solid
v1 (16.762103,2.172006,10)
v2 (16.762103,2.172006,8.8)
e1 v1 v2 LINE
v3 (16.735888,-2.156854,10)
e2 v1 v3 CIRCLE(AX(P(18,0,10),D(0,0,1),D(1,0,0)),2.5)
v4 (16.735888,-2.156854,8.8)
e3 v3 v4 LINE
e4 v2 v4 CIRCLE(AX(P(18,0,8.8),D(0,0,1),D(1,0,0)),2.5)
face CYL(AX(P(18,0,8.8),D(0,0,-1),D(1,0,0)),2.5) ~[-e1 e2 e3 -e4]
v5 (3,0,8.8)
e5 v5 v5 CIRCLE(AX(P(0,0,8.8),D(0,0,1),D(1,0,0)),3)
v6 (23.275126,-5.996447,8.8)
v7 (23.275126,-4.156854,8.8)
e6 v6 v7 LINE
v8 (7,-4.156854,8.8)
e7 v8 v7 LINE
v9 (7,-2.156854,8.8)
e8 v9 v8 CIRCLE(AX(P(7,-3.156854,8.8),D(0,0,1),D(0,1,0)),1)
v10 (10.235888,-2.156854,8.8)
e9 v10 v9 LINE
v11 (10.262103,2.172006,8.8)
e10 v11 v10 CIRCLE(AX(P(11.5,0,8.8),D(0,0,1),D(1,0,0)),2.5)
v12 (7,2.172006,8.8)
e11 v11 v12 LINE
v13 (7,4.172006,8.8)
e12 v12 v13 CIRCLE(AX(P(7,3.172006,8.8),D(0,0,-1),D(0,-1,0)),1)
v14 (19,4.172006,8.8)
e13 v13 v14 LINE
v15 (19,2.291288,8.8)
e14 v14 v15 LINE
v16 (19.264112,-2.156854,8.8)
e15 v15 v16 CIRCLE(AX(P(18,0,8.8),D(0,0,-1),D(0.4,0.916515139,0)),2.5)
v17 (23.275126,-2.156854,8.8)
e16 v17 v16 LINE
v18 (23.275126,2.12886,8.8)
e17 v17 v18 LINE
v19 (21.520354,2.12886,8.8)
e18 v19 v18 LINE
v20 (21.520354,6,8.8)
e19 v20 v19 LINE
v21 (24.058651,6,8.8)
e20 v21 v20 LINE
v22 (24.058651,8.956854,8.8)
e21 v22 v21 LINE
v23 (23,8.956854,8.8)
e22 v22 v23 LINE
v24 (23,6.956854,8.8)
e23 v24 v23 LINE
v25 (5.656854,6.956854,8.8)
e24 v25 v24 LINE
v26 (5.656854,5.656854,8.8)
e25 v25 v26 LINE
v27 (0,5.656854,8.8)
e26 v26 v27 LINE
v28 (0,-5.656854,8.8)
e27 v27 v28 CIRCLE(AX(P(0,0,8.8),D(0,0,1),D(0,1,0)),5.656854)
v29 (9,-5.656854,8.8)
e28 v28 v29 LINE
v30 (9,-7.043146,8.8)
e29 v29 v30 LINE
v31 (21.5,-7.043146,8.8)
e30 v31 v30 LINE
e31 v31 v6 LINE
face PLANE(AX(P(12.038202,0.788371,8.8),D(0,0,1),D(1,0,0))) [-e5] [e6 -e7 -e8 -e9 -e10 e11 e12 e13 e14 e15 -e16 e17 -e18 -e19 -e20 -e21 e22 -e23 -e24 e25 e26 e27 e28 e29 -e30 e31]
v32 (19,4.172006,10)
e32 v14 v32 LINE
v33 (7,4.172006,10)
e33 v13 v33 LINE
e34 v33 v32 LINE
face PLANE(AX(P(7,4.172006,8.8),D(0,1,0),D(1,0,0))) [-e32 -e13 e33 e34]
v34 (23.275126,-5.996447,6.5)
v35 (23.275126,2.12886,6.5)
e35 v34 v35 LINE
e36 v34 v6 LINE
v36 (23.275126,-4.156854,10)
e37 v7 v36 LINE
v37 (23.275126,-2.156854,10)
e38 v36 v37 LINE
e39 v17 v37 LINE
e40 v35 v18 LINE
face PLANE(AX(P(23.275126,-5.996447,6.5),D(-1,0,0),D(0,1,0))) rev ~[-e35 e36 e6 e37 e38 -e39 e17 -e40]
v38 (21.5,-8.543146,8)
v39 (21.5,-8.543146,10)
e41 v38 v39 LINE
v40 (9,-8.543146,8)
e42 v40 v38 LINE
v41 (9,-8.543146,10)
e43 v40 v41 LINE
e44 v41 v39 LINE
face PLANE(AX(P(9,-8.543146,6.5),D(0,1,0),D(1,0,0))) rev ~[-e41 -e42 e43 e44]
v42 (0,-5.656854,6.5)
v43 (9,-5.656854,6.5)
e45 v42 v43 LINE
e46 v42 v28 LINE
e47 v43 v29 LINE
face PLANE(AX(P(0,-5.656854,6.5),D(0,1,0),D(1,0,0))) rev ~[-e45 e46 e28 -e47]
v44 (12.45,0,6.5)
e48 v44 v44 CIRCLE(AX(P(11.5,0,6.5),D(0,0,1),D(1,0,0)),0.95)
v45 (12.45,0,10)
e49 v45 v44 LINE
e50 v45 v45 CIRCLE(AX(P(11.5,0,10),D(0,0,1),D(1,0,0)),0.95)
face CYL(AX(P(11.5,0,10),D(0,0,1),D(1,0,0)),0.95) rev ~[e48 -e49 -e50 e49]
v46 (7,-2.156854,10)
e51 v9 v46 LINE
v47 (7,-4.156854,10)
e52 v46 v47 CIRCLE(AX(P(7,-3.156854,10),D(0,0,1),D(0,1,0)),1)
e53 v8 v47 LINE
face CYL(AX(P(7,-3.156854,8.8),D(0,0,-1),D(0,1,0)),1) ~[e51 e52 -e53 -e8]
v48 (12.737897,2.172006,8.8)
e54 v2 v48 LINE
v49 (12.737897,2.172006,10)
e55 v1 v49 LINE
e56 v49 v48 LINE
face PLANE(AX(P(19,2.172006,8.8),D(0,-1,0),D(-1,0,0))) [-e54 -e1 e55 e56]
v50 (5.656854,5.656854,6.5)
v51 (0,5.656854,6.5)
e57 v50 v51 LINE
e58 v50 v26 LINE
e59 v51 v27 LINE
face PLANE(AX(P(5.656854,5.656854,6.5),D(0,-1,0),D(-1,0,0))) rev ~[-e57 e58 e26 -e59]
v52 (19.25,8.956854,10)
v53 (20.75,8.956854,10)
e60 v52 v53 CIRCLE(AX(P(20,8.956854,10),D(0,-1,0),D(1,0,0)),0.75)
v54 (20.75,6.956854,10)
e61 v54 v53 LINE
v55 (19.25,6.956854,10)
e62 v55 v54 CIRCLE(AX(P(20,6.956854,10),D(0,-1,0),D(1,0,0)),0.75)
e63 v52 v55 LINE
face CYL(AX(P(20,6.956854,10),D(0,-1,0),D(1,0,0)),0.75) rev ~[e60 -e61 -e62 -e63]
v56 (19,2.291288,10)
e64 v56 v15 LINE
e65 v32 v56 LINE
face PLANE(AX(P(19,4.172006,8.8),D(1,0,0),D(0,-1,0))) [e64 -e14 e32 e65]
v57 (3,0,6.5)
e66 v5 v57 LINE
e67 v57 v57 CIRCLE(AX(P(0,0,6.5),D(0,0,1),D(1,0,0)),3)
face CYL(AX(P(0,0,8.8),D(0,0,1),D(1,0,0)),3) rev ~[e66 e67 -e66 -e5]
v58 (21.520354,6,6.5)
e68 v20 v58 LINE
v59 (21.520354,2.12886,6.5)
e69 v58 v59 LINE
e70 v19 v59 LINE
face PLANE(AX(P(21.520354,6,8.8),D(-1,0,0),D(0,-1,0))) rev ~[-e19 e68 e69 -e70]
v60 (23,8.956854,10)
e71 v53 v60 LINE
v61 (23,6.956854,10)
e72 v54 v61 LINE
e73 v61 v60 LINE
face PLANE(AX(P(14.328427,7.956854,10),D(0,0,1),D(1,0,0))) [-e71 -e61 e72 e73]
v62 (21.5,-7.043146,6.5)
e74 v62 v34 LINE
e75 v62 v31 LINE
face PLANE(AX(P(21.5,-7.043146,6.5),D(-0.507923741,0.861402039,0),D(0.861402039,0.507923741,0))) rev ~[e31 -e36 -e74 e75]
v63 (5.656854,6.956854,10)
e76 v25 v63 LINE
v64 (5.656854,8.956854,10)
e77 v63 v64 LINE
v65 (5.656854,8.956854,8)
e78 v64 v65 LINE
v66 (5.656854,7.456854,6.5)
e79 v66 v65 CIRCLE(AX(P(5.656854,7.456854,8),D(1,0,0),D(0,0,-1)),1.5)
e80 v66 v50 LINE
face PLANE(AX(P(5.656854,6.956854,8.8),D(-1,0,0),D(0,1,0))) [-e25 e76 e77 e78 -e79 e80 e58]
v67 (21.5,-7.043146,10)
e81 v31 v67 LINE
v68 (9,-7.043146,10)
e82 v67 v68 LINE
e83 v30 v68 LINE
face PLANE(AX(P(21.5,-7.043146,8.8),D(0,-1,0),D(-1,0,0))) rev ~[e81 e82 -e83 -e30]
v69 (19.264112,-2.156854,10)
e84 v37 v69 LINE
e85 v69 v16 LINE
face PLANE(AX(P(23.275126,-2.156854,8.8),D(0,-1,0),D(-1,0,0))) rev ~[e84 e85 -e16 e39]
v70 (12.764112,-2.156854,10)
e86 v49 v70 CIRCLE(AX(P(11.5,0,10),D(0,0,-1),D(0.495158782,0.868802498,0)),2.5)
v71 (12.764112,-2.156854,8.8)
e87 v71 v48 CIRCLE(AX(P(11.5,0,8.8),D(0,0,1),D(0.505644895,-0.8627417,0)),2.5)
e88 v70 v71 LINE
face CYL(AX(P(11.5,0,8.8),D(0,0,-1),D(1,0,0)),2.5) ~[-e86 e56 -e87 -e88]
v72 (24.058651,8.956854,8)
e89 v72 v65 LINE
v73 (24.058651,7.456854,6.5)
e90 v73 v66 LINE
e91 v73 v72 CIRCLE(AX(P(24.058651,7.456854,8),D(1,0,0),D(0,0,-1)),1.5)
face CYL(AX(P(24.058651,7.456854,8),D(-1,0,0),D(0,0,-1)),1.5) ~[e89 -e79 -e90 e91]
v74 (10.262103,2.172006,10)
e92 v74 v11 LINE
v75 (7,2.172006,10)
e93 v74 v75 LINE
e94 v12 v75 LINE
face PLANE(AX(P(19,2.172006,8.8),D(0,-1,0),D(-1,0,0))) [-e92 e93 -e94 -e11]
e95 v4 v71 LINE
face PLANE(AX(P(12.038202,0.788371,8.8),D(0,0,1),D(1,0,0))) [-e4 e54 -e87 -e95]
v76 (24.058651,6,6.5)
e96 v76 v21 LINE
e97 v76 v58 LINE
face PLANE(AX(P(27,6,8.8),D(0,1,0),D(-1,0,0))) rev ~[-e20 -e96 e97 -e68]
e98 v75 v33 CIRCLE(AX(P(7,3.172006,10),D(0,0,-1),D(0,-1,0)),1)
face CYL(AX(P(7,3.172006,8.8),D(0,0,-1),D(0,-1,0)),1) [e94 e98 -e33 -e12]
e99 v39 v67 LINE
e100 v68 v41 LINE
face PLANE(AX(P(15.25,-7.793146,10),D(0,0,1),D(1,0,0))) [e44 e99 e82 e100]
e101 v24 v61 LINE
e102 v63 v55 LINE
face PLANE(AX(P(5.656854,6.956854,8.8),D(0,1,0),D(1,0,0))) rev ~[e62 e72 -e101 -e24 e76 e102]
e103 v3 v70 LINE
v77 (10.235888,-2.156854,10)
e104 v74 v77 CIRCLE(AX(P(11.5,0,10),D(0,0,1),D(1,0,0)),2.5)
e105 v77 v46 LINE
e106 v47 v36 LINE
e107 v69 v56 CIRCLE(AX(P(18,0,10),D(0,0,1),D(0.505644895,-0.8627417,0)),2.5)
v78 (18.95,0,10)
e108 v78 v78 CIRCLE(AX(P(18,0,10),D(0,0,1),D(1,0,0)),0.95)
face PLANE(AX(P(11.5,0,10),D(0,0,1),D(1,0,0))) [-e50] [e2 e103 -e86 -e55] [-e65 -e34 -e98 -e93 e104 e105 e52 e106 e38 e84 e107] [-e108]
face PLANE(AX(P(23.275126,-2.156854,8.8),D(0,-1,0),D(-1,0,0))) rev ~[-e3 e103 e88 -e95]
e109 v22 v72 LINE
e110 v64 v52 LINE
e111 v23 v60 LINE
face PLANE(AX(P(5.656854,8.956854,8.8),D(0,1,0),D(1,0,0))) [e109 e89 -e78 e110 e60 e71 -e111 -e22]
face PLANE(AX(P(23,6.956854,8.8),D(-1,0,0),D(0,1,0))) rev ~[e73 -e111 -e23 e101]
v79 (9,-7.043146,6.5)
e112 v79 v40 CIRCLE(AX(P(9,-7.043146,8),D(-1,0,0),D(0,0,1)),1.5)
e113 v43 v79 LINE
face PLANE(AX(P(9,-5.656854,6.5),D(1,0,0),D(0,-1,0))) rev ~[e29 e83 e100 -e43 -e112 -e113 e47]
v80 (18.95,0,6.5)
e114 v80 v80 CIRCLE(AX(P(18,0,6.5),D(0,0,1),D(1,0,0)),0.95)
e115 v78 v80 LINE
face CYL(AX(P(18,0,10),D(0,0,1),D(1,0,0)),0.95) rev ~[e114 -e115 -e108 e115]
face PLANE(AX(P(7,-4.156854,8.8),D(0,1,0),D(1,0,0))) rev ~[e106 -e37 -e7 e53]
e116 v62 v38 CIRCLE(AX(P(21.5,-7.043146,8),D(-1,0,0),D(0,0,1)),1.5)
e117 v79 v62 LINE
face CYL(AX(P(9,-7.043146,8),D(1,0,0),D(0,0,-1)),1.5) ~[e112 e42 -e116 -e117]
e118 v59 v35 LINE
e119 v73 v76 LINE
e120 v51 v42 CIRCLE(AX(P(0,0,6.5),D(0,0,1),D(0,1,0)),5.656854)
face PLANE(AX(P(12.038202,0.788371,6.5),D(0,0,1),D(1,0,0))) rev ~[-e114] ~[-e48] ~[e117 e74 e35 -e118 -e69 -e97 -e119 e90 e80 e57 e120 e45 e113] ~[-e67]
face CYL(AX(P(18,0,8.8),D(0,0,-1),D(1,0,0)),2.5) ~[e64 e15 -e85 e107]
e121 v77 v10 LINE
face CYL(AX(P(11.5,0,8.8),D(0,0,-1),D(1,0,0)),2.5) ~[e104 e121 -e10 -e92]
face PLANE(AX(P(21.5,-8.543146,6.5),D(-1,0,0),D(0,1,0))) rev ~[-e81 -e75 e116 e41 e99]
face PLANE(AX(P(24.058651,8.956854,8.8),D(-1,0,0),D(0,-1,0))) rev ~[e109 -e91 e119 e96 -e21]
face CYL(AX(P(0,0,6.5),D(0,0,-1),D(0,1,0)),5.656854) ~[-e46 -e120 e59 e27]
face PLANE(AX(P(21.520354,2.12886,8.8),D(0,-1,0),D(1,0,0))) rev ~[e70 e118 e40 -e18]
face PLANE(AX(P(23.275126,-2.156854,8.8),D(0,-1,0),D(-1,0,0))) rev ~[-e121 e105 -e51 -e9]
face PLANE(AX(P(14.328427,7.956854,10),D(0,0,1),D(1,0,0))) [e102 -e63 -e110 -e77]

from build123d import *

# Parameters (mm, degrees)
BOSS_EXTRUDE1_DEPTH  = 2
BOSS_EXTRUDE6_DEPTH  = 4.5
CUT_EXTRUDE6_DEPTH   = 4.5
BOSS_EXTRUDE14_DEPTH = 2.3
SKETCH32_R           = 3
CUT_EXTRUDE7_DEPTH   = 2.3
SKETCH33_W           = 17.343145750507624
SKETCH33_H           = 2
BOSS_EXTRUDE15_DEPTH = 1.2
CUT_EXTRUDE8_DEPTH   = 2.4
CUT_EXTRUDE9_DEPTH   = 4.3999999999999995
SKETCH37_R           = 3.899999999999994
BOSS_EXTRUDE16_DEPTH = 4.4
CUT_EXTRUDE10_DEPTH  = 39.60291748102272
SKETCH43_R           = 2.5000000000000004
SKETCH43_R_2         = 2.4999999999999982
BOSS_EXTRUDE17_DEPTH = 1.2
SKETCH44_R           = 0.9499999999999992
SKETCH44_R_2         = 0.9500000000000008
CUT_EXTRUDE11_DEPTH  = 40.360198653546576
SKETCH45_R           = 1.9999999999999996
SKETCH45_R_2         = 2.000000000000003
CUT_EXTRUDE12_DEPTH  = 4.5
SKETCH49_R           = 0.7500000000000021
CUT_EXTRUDE13_DEPTH  = 3
CUT_EXTRUDE14_DEPTH  = 6.8
FILLET1_R            = 1.5
FILLET3_R            = 1


with BuildPart() as part:
    # Sketch3 → Boss-Extrude1 (new body)
    with BuildSketch(Plane.XY):
        with BuildLine():
            Line((8.000000000000002, 0), (8.999999999999993, -2.5431457505076343))
            Line((8.999999999999993, -2.5431457505076343), (8.999999999999993, -7.04314575050762))
            Line((8.999999999999993, -7.04314575050762), (21.50000000000003, -7.043145750507617))
            Line((21.50000000000003, -7.043145750507617), (25.05025253169419, -4.949747468305846))
            ThreePointArc((25.05025253169419, -4.949747468305846), (36.46715672757901, -2.678784026555599), (30, 7.000000000000014))
            Line((30, 7.000000000000014), (26.999999999999996, 7.456854249492377))
            Line((26.999999999999996, 7.456854249492377), (5.656854249492369, 7.456854249492377))
            Line((5.656854249492369, 7.456854249492377), (5.656854249492376, 5.656854249492382))
            ThreePointArc((5.656854249492376, 5.656854249492382), (7.391036260090296, 3.061467458920721), (8.000000000000002, 0))
        make_face()
    extrude(amount=BOSS_EXTRUDE1_DEPTH)

    # Sketch22 → Boss-Extrude6 (add)
    with BuildSketch(Plane.XY.offset(2)):
        with BuildLine():
            Line((5.656854249492376, 7.456854249492377), (21.50000000000004, 7.456854249492377))
            Line((21.50000000000004, 7.456854249492377), (26.999999999999996, 7.456854249492377))
            Line((26.999999999999996, 7.456854249492377), (26.999999999999996, 2.1288604946885763))
            Line((26.999999999999996, 2.1288604946885763), (23.27512626584711, 2.128860494688576))
            Line((23.27512626584711, 2.128860494688576), (23.27512626584711, -5.996446609406731))
            Line((23.27512626584711, -5.996446609406731), (21.50000000000003, -7.043145750507617))
            Line((21.50000000000003, -7.043145750507617), (8.999999999999993, -7.04314575050762))
            Line((8.999999999999993, -7.04314575050762), (8.999999999999993, -2.5431457505076343))
            Line((8.999999999999993, -2.5431457505076343), (7.999999999999998, 0))
            ThreePointArc((7.999999999999998, 0), (7.391036260090291, 3.061467458920719), (5.656854249492376, 5.656854249492382))
            Line((5.656854249492376, 5.656854249492382), (5.656854249492376, 7.456854249492377))
        make_face()
    extrude(amount=BOSS_EXTRUDE6_DEPTH)

    # Sketch26 → Cut-Extrude6 (cut)
    with BuildSketch(Plane.XY.offset(2)):
        Polygon((18.098080447707712, 5.299999999999999), (2.5300524575164793, 5.299999999999999), (2.5300524575164793, 4), (18.098080447707712, 4), (26.999999999999996, 4), (26.999999999999996, 5.299999999999999), align=None)
    extrude(amount=CUT_EXTRUDE6_DEPTH, mode=Mode.SUBTRACT)


with BuildPart() as body_2:
    # Sketch31 → Boss-Extrude14 (new body)
    with BuildSketch(Plane.XY.offset(6.5)):
        with BuildLine():
            Line((2.4326880657739025, 5.656854249492382), (0, 5.656854249492382))
            ThreePointArc((0, 5.656854249492382), (-5.656854249492382, 6.9e-16), (0, -5.656854249492382))
            Line((0, -5.656854249492382), (9.000000000000004, -5.656854249492382))
            Line((9.000000000000004, -5.656854249492382), (8.999999999999993, -7.04314575050762))
            Line((8.999999999999993, -7.04314575050762), (8.999999999999993, -8.54314575050762))
            Line((8.999999999999993, -8.54314575050762), (21.50000000000003, -8.54314575050762))
            Line((21.50000000000003, -8.54314575050762), (21.50000000000003, -7.043145750507617))
            Line((21.50000000000003, -7.043145750507617), (23.27512626584711, -5.996446609406731))
            Line((23.27512626584711, -5.996446609406731), (23.27512626584711, 2.128860494688576))
            Line((23.27512626584711, 2.128860494688576), (26.999999999999996, 2.1288604946885763))
            Line((26.999999999999996, 2.1288604946885763), (26.999999999999996, 7.456854249492377))
            Line((26.999999999999996, 7.456854249492377), (26.999999999999996, 8.956854249492377))
            Line((26.999999999999996, 8.956854249492377), (5.656854249492376, 8.956854249492377))
            Line((5.656854249492376, 8.956854249492377), (5.656854249492376, 7.456854249492377))
            Line((5.656854249492376, 7.456854249492377), (5.656854249492376, 5.656854249492382))
            Line((5.656854249492376, 5.656854249492382), (2.4326880657739025, 5.656854249492382))
        make_face()
    extrude(amount=BOSS_EXTRUDE14_DEPTH)

    # Sketch32 → Cut-Extrude7 (cut)
    with BuildSketch(Plane.XY.offset(8.799999999999999)):
        Circle(SKETCH32_R)
    extrude(amount=-CUT_EXTRUDE7_DEPTH, mode=Mode.SUBTRACT)

    # Sketch33 → Boss-Extrude15 (add)
    with BuildSketch(Plane.XY.offset(8.799999999999999)):
        with Locations((14.328427124746185, 7.956854249492377)):
            Rectangle(SKETCH33_W, SKETCH33_H)
        Polygon((9.000000000000004, -7.043145750507619), (9.000000000000004, -8.54314575050762), (21.50000000000003, -8.54314575050762), (21.50000000000003, -7.043145750507617), align=None)
        with BuildLine():
            Line((7.000000000000003, -4.156854249492383), (23.275126265847117, -4.156854249492383))
            Line((23.275126265847117, -4.156854249492383), (23.275126265847113, -2.1568542494923815))
            Line((23.275126265847113, -2.1568542494923815), (7.000000000000003, -2.1568542494923832))
            ThreePointArc((7.000000000000003, -2.1568542494923832), (6.000000000000003, -3.1568542494923832), (7.000000000000003, -4.156854249492383))
        make_face()
        with BuildLine():
            Line((18.999999999999996, 2.172006245196199), (7.000000000000003, 2.172006245196201))
            ThreePointArc((7.000000000000003, 2.172006245196201), (6.0000000000000036, 3.1720062451962), (7.000000000000003, 4.172006245196199))
            Line((7.000000000000003, 4.172006245196199), (18.999999999999996, 4.172006245196199))
            Line((18.999999999999996, 4.172006245196199), (18.999999999999996, 2.172006245196199))
        make_face()
    extrude(amount=BOSS_EXTRUDE15_DEPTH)


with BuildPart() as cut_extrude8_tool:
    # Sketch35 → Cut-Extrude8 (new body)
    with BuildSketch(Plane.XY.offset(8.799999999999999)):
        Polygon((26.999999999999996, 2.1288604946885763), (26.999999999999996, 6.000000000000002), (21.520354003499165, 6.000000000000002), (21.520354003499165, 2.1288604946885754), align=None)
    extrude(amount=-CUT_EXTRUDE8_DEPTH)


with BuildPart() as part_1:
    add(part.part)

    # Cut-Extrude8: cut by cut_extrude8_tool
    add(cut_extrude8_tool.part, mode=Mode.SUBTRACT)

    # Sketch36 → Cut-Extrude9 (cut)
    with BuildSketch(Plane.XY.offset(6.3999999999999995)):
        Polygon((26.999999999999996, 2.1288604946885763), (26.999999999999996, 4), (23.30000000000004, 3.999999999999999), (23.30000000000003, 2.1288604946885754), align=None)
    extrude(amount=-CUT_EXTRUDE9_DEPTH, mode=Mode.SUBTRACT)

    # Sketch37 → Boss-Extrude16 (add)
    with BuildSketch(Plane.XY.offset(2)):
        with Locations((29.999999999999996, 1.388e-14)):
            Circle(SKETCH37_R)
    extrude(amount=BOSS_EXTRUDE16_DEPTH)

    # Sketch39 → Cut-Extrude10 (cut, through all)
    with BuildSketch(Plane.XY.offset(6.4)):
        with BuildLine():
            Line((28.999999999999993, 0.9797958971132569), (28.999999999999993, -0.9797958971132569))
            ThreePointArc((28.999999999999993, -0.9797958971132569), (31.4, 2.383e-14), (28.999999999999993, 0.9797958971132569))
        make_face()
    extrude(amount=-CUT_EXTRUDE10_DEPTH, mode=Mode.SUBTRACT)


with BuildPart() as body_2_1:
    add(body_2.part)

    # Cut-Extrude8: cut by cut_extrude8_tool
    add(cut_extrude8_tool.part, mode=Mode.SUBTRACT)

    # Sketch43 → Boss-Extrude17 (add)
    with BuildSketch(Plane.XY.offset(8.799999999999999)):
        with Locations((11.500000000000004, 0)):
            Circle(SKETCH43_R)
        with Locations((18.000000000000004, 0)):
            Circle(SKETCH43_R_2)
    extrude(amount=BOSS_EXTRUDE17_DEPTH)


with BuildPart() as cut_extrude11_tool:
    # Sketch44 → Cut-Extrude11 (new, through all)
    with BuildSketch(Plane.XY.offset(9.999999999999998)):
        with Locations((11.500000000000004, 0)):
            Circle(SKETCH44_R)
        with Locations((18.000000000000004, 0)):
            Circle(SKETCH44_R_2)
    extrude(amount=-CUT_EXTRUDE11_DEPTH)


with BuildPart() as part_2:
    add(part_1.part)

    # Cut-Extrude11: cut by cut_extrude11_tool
    add(cut_extrude11_tool.part, mode=Mode.SUBTRACT)

    # Sketch45 → Cut-Extrude12 (cut)
    with BuildSketch(Plane(origin=(0, 0, 0), x_dir=(-1, 0, 0), z_dir=(0, 0, -1))):
        with Locations((-11.500000000000004, 0)):
            Circle(SKETCH45_R)
        with Locations((-18.000000000000004, 0)):
            Circle(SKETCH45_R_2)
    extrude(amount=-CUT_EXTRUDE12_DEPTH, mode=Mode.SUBTRACT)


with BuildPart() as body_2_2:
    add(body_2_1.part)

    # Cut-Extrude11: cut by cut_extrude11_tool
    add(cut_extrude11_tool.part, mode=Mode.SUBTRACT)

    # Sketch49 → Cut-Extrude13 (cut)
    with BuildSketch(Plane.XZ.offset(-6.956854249492377)):
        with Locations((19.999999999999996, 9.999999999999998)):
            Circle(SKETCH49_R)
    extrude(amount=-CUT_EXTRUDE13_DEPTH, mode=Mode.SUBTRACT)


with BuildPart() as cut_extrude14_tool:
    # Sketch51 → Cut-Extrude14 (new body)
    with BuildSketch(Plane.XY.offset(8.799999999999999)):
        Polygon((27, 8.956854249492377), (24.058650564533934, 8.956854249492377), (24.058650564533938, 4.991269007681976), (26.999999999999996, 4.991269007681976), align=None)
    extrude(amount=-CUT_EXTRUDE14_DEPTH)


with BuildPart() as part_3:
    add(part_2.part)

    # Cut-Extrude14: cut by cut_extrude14_tool
    add(cut_extrude14_tool.part, mode=Mode.SUBTRACT)

    # Fillet3
    fillet3_edges = [part_3.edges().sort_by_distance(p)[0] for p in [
        (23.27512626584711, -5.996446609406731, 4.25),
        (24.058650564533934, 7.456854249492377, 4.25),
        (8.999999999999993, -7.04314575050762, 3.25),
        (5.656854249492373, 7.456854249492377, 3.25),
        (15.25000000000001, -7.043145750507618, 0),
        (16.328427124746185, 7.456854249492377, 0),
    ]]
    fillet(fillet3_edges, radius=FILLET3_R)


with BuildPart() as body_2_3:
    add(body_2_2.part)

    # Cut-Extrude14: cut by cut_extrude14_tool
    add(cut_extrude14_tool.part, mode=Mode.SUBTRACT)

    # Fillet1
    fillet1_edges = [body_2_3.edges().sort_by_distance(p)[0] for p in [
        (14.857752407013155, 8.956854249492377, 6.5),
        (15.25000000000001, -8.54314575050762, 6.5),
    ]]
    fillet(fillet1_edges, radius=FILLET1_R)


solid = body_2_3.part
